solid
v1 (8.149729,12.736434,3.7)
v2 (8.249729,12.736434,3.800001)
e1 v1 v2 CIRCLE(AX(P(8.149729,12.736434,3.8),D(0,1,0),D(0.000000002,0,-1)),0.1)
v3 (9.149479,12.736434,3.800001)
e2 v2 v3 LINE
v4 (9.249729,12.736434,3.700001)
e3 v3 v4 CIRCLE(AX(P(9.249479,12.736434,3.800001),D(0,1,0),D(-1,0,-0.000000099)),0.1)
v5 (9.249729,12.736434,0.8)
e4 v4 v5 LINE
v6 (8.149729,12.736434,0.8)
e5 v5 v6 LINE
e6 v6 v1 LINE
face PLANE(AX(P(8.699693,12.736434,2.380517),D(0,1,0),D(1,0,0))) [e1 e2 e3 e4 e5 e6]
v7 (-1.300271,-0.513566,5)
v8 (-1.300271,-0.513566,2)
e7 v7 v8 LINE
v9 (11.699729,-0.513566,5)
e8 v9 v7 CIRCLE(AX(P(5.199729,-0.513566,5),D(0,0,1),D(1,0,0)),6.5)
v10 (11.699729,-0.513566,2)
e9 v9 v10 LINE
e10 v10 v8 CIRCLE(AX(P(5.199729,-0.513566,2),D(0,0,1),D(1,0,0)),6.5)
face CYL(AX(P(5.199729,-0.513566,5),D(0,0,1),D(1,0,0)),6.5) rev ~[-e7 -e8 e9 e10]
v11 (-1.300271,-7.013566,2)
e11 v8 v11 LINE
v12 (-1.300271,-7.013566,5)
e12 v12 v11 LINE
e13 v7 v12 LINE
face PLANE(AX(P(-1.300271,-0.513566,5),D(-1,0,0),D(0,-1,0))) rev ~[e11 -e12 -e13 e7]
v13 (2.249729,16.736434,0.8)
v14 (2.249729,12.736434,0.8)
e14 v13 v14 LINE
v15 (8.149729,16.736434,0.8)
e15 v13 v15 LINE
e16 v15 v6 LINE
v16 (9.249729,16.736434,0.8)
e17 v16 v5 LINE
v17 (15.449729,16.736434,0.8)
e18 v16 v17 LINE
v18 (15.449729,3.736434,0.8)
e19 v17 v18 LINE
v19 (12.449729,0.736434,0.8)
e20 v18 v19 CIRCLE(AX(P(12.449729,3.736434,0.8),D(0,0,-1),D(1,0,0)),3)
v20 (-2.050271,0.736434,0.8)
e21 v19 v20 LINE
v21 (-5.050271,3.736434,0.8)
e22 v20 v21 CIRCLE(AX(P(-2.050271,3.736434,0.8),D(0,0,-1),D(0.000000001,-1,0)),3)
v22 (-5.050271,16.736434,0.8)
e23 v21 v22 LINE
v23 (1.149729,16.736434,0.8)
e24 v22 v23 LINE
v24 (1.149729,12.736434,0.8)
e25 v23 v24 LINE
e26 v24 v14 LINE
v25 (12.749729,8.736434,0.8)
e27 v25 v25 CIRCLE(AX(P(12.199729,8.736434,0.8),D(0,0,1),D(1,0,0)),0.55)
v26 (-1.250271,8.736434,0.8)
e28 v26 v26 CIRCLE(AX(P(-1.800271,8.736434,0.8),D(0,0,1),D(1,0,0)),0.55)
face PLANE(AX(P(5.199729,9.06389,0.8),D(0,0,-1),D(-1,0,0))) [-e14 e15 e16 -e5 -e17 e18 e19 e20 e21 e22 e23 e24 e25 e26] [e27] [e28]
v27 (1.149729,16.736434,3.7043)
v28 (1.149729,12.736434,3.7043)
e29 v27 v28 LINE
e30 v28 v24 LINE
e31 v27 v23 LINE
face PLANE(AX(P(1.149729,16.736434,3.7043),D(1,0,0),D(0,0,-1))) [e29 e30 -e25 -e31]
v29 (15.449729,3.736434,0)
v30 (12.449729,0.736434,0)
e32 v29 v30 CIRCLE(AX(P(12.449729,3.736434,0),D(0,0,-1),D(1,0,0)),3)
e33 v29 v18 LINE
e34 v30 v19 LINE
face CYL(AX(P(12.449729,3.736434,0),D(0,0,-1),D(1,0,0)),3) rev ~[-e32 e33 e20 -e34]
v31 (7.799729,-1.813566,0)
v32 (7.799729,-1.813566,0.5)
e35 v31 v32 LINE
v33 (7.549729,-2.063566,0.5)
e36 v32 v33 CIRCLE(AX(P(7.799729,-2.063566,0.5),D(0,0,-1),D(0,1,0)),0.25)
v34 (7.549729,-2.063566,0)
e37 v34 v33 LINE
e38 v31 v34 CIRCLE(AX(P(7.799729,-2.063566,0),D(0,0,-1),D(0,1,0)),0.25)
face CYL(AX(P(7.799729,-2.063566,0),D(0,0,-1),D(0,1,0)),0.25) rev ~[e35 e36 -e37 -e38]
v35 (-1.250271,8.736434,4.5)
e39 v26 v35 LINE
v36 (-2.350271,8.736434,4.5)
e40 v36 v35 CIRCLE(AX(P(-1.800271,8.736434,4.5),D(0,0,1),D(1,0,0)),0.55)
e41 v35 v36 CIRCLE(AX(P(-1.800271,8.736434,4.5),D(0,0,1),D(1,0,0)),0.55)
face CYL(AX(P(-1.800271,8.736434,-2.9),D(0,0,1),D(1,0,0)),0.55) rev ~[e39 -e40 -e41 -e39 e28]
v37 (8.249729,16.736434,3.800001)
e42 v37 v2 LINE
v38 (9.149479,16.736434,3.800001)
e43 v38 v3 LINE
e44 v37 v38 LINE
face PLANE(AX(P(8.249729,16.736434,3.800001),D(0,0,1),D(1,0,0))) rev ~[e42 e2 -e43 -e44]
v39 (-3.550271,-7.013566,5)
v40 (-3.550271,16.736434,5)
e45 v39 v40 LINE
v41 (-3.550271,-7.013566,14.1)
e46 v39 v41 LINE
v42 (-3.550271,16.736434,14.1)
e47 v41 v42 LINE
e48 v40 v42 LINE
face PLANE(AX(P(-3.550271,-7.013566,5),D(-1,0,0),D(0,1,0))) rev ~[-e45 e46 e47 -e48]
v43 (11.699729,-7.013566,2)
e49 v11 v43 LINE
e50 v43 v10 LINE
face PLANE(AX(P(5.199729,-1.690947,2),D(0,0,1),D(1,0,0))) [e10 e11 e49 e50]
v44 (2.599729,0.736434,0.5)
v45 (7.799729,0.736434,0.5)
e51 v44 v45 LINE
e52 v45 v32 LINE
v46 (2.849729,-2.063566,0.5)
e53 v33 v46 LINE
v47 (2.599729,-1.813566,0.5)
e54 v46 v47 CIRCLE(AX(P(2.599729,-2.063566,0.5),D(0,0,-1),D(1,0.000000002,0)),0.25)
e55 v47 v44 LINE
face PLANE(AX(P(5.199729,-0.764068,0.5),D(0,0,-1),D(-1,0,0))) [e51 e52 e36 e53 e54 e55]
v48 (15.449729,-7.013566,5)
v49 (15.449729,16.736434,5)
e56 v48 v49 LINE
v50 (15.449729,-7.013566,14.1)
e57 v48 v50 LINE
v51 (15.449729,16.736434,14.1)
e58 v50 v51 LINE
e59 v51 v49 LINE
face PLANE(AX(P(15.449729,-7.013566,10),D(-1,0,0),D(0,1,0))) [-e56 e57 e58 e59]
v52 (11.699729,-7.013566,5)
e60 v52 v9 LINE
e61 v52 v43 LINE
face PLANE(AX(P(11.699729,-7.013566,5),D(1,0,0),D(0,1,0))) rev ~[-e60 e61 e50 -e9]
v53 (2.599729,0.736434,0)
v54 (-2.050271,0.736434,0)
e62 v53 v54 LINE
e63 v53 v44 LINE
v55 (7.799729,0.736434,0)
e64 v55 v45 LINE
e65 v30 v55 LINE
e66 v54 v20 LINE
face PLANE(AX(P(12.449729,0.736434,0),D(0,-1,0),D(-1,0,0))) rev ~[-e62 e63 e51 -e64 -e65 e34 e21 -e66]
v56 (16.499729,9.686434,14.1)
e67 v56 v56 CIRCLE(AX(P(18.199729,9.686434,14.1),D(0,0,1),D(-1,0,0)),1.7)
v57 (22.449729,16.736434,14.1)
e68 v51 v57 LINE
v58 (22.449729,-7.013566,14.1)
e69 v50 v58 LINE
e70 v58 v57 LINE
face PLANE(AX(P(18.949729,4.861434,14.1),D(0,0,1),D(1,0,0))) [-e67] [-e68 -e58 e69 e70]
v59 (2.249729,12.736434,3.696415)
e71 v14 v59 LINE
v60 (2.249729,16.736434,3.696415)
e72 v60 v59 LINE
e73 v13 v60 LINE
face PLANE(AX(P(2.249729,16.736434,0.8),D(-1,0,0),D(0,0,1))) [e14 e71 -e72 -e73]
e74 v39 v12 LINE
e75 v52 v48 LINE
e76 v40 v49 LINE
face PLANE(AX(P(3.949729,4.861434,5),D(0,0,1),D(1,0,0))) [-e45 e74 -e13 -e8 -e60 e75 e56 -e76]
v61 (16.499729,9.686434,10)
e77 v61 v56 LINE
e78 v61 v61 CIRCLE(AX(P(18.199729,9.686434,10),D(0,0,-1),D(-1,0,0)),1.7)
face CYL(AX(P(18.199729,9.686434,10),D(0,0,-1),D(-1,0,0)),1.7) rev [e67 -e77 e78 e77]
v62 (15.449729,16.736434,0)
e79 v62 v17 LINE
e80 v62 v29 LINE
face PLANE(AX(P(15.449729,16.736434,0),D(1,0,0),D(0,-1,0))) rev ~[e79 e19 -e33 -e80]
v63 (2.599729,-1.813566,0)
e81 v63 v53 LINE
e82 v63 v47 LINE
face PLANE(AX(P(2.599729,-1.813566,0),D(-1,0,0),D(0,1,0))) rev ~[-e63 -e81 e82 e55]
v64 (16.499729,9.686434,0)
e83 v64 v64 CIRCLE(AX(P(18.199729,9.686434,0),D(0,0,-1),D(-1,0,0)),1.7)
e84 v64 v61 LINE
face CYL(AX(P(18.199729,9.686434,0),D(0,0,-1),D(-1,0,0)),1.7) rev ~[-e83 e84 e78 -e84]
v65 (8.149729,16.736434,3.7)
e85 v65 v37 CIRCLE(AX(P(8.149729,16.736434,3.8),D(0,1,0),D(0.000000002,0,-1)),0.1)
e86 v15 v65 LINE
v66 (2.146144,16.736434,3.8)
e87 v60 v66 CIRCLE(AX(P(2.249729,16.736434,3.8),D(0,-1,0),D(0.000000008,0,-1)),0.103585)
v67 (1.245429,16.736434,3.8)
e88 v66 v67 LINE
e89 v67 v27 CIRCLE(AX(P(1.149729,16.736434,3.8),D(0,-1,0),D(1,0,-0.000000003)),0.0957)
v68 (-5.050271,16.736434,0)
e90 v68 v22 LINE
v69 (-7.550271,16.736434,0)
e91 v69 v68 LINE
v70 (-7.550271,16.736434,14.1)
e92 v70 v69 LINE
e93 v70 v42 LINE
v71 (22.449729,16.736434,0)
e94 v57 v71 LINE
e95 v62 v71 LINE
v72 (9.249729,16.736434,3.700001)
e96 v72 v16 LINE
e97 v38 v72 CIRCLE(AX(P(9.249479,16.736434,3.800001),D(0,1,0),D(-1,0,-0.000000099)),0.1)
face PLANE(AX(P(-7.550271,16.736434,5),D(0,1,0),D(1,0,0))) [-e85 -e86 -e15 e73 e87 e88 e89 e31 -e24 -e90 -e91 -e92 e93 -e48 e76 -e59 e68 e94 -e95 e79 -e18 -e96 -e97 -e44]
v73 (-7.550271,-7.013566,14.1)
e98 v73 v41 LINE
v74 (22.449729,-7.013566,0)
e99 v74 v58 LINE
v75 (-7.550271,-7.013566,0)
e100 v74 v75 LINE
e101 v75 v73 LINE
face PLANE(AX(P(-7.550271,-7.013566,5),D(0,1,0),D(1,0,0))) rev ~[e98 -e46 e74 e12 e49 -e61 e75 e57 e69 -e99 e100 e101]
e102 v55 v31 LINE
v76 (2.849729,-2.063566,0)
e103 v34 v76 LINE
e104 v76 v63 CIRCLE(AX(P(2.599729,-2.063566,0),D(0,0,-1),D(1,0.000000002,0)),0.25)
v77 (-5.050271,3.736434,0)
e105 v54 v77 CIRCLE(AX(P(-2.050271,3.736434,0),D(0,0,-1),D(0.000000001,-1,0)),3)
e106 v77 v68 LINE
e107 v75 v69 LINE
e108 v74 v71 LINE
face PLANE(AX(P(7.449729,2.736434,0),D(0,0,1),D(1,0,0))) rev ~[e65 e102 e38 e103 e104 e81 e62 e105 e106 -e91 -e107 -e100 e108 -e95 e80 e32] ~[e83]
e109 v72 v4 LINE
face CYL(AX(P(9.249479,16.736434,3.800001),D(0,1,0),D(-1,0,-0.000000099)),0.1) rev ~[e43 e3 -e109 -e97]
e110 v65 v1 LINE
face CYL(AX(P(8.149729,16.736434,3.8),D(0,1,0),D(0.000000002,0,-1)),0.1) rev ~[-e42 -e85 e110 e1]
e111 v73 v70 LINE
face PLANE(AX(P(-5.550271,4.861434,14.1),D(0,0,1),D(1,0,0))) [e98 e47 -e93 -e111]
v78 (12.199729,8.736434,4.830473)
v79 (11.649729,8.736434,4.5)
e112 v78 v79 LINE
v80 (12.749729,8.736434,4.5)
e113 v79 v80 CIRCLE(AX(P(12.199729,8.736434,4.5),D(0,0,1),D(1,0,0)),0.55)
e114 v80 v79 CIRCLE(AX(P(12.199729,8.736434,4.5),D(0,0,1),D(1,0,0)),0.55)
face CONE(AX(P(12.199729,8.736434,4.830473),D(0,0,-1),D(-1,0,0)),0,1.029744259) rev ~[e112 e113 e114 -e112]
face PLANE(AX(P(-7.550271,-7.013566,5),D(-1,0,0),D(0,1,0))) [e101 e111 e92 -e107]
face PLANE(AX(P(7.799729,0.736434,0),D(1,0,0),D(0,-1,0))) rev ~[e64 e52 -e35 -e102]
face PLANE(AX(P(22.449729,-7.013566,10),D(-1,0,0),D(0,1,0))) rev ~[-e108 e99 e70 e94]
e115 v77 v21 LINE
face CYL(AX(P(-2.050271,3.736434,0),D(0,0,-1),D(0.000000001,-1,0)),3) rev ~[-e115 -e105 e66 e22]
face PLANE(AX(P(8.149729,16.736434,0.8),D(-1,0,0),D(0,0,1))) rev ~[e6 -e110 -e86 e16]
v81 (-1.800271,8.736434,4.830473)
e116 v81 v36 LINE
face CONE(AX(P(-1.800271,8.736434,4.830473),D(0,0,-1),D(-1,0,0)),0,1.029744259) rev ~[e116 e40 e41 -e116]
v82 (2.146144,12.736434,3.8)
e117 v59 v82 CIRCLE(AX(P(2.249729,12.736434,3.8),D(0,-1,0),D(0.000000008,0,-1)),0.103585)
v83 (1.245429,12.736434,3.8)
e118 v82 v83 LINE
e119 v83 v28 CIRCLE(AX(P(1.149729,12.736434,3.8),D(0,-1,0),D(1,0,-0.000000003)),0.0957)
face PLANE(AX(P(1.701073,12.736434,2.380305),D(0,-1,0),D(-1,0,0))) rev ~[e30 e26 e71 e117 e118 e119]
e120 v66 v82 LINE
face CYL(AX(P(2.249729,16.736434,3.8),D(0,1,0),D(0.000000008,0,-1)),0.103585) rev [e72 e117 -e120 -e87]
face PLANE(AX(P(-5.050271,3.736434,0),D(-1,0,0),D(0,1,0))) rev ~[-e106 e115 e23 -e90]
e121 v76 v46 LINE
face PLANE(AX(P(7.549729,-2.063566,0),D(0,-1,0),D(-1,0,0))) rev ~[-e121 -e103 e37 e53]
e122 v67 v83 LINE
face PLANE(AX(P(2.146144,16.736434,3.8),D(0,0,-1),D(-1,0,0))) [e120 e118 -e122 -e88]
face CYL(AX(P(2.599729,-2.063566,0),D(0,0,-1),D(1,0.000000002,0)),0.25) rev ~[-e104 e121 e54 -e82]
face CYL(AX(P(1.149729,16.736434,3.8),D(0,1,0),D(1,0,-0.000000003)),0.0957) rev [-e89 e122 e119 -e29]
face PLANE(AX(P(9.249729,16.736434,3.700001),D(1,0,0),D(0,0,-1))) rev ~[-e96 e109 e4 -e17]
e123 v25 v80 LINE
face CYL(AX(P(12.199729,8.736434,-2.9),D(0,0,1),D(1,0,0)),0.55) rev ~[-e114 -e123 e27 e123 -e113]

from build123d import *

# Parameters (mm, degrees)
SKETCH_1_W          = 30
SKETCH_1_H          = 28
EXTRUDE_1_DEPTH     = 10
CUT_EXTRUDE_2_DEPTH = 0.8
M1_4X0_3_2_D        = 1.1
M1_4X0_3_2_DEPTH    = 3.7
M1_4X0_3_2_TIP      = 0.33047334
CUT_EXTRUDE_3_DEPTH = 4
CUT_EXTRUDE_4_DEPTH = 0.5
SKETCH_12_W         = 30
SKETCH_12_H         = 4.25
CUT_EXTRUDE_5_DEPTH = 10
SKETCH_13_R         = 1.7
CUT_EXTRUDE_6_DEPTH = 10
SKETCH_14_W         = 23
SKETCH_14_H         = 23.75
CUT_EXTRUDE_7_DEPTH = 5
CUT_EXTRUDE_9_DEPTH = 3
SKETCH_20_W         = 7
SKETCH_20_H         = 23.75
SKETCH_20_R         = 1.7
EXTRUDE_3_DEPTH     = 4.1
SKETCH_23_W         = 4
SKETCH_23_H         = 23.75
EXTRUDE_4_DEPTH     = 9.1


with BuildPart() as part:
    # 草图1 → 凸台-拉伸1 (new body)
    with BuildSketch(Plane.XY):
        with Locations((7.449728974, 2.736434109)):
            Rectangle(SKETCH_1_W, SKETCH_1_H)
    extrude(amount=EXTRUDE_1_DEPTH)

    # 草图2 → 切除-拉伸2 (cut)
    with BuildSketch(Plane(origin=(0, 0, 0), x_dir=(-1, 0, 0), z_dir=(0, 0, -1))):
        with BuildLine():
            Line((5.050271026, 16.736434109), (-15.449728974, 16.736434109))
            Line((-15.449728974, 16.736434109), (-15.449728974, 3.736434109))
            ThreePointArc((-15.449728974, 3.736434109), (-14.571049317, 1.615113765), (-12.449728974, 0.736434109))
            Line((-12.449728974, 0.736434109), (2.050271026, 0.736434109))
            ThreePointArc((2.050271026, 0.736434109), (4.17159137, 1.615113765), (5.050271026, 3.736434109))
            Line((5.050271026, 3.736434109), (5.050271026, 16.736434109))
        make_face()
    extrude(amount=-CUT_EXTRUDE_2_DEPTH, mode=Mode.SUBTRACT)

    # M1.4x0.3 螺纹孔2
    with Locations(Plane(origin=(0, 0, 0.8), x_dir=(-1, 0, 0), z_dir=(0, 0, -1))):
        with Locations((-12.199728974, 8.736434109), (1.800271026, 8.736434109)):
            Hole(M1_4X0_3_2_D / 2, depth=M1_4X0_3_2_DEPTH)
            with Locations((0, 0, -(M1_4X0_3_2_DEPTH + M1_4X0_3_2_TIP / 2))):  # 118° drill point
                Cone(0, M1_4X0_3_2_D / 2, M1_4X0_3_2_TIP, mode=Mode.SUBTRACT)

    # 草图10 → 切除-拉伸3 (cut)
    with BuildSketch(Plane(origin=(0, 16.736434109, 0), x_dir=(1, 0, 0), z_dir=(0, 1, 0))):
        with BuildLine():
            Line((9.249728974, -0.8), (8.149728974, -0.8))
            Line((8.149728974, -0.8), (8.149728974, -3.7))
            ThreePointArc((8.149728974, -3.7), (8.07901805, -3.870710433), (8.249728974, -3.800000693))
            Line((8.249728974, -3.800000693), (9.14947862, -3.800000693))
            ThreePointArc((9.14947862, -3.800000693), (9.320100726, -3.870799843), (9.249728974, -3.700001016))
            Line((9.249728974, -3.700001016), (9.249728974, -0.8))
        make_face()
        with BuildLine():
            Line((1.149728974, -0.8), (2.249728974, -0.8))
            Line((2.249728974, -0.8), (2.249728974, -3.696415438))
            ThreePointArc((2.249728974, -3.696415438), (2.32297432, -3.873245346), (2.146144411, -3.8))
            Line((2.146144411, -3.8), (1.245429293, -3.8))
            ThreePointArc((1.245429293, -3.8), (1.082058629, -3.867670345), (1.149728974, -3.704299681))
            Line((1.149728974, -3.704299681), (1.149728974, -0.8))
        make_face()
    extrude(amount=-CUT_EXTRUDE_3_DEPTH, mode=Mode.SUBTRACT)

    # 草图11 → 切除-拉伸4 (cut)
    with BuildSketch(Plane(origin=(0, 0, 0), x_dir=(-1, 0, 0), z_dir=(0, 0, -1))):
        with BuildLine():
            Line((-7.549728974, -2.063565891), (-2.849728974, -2.063565891))
            ThreePointArc((-2.849728974, -2.063565891), (-2.422952278, -2.240342587), (-2.599728974, -1.813565891))
            Line((-2.599728974, -1.813565891), (-2.599728974, 0.736434109))
            Line((-2.599728974, 0.736434109), (-7.799728974, 0.736434109))
            Line((-7.799728974, 0.736434109), (-7.799728974, -1.813565891))
            ThreePointArc((-7.799728974, -1.813565891), (-7.976505669, -2.240342587), (-7.549728974, -2.063565891))
        make_face()
    extrude(amount=-CUT_EXTRUDE_4_DEPTH, mode=Mode.SUBTRACT)

    # 草图12 → 切除-拉伸5 (cut)
    with BuildSketch(Plane(origin=(0, 0, 0), x_dir=(-1, 0, 0), z_dir=(0, 0, -1))):
        with Locations((-7.449728974, -9.138565891)):
            Rectangle(SKETCH_12_W, SKETCH_12_H)
    extrude(amount=-CUT_EXTRUDE_5_DEPTH, mode=Mode.SUBTRACT)

    # 草图13 → 切除-拉伸6 (cut)
    with BuildSketch(Plane(origin=(0, 0, 0), x_dir=(-1, 0, 0), z_dir=(0, 0, -1))):
        with Locations((-18.199728974, 9.686434109)):
            Circle(SKETCH_13_R)
    extrude(amount=-CUT_EXTRUDE_6_DEPTH, mode=Mode.SUBTRACT)

    # 草图14 → 切除-拉伸7 (cut)
    with BuildSketch(Plane.XY.offset(10)):
        with Locations((3.949728974, 4.861434109)):
            Rectangle(SKETCH_14_W, SKETCH_14_H)
    extrude(amount=-CUT_EXTRUDE_7_DEPTH, mode=Mode.SUBTRACT)

    # 草图16 → 切除-拉伸9 (cut)
    with BuildSketch(Plane.XY.offset(5)):
        with BuildLine():
            Line((-1.300271026, -7.013565891), (11.699728974, -7.013565891))
            Line((11.699728974, -7.013565891), (11.699728974, -0.513565891))
            ThreePointArc((11.699728974, -0.513565891), (5.199728974, 5.986434109), (-1.300271026, -0.513565891))
            Line((-1.300271026, -0.513565891), (-1.300271026, -7.013565891))
        make_face()
    extrude(amount=-CUT_EXTRUDE_9_DEPTH, mode=Mode.SUBTRACT)

    # 草图20 → 凸台-拉伸3 (add)
    with BuildSketch(Plane.XY.offset(10)):
        with Locations((18.949728974, 4.861434109)):
            Rectangle(SKETCH_20_W, SKETCH_20_H)
        with Locations(Location((18.199728974, 9.686434109, 0), (0, 0, 180))):
            Circle(SKETCH_20_R, mode=Mode.SUBTRACT)
    extrude(amount=EXTRUDE_3_DEPTH)

    # 草图23 → 凸台-拉伸4 (add)
    with BuildSketch(Plane.XY.offset(5)):
        with Locations((-5.550271026, 4.861434109)):
            Rectangle(SKETCH_23_W, SKETCH_23_H)
    extrude(amount=EXTRUDE_4_DEPTH)


solid = part.part
